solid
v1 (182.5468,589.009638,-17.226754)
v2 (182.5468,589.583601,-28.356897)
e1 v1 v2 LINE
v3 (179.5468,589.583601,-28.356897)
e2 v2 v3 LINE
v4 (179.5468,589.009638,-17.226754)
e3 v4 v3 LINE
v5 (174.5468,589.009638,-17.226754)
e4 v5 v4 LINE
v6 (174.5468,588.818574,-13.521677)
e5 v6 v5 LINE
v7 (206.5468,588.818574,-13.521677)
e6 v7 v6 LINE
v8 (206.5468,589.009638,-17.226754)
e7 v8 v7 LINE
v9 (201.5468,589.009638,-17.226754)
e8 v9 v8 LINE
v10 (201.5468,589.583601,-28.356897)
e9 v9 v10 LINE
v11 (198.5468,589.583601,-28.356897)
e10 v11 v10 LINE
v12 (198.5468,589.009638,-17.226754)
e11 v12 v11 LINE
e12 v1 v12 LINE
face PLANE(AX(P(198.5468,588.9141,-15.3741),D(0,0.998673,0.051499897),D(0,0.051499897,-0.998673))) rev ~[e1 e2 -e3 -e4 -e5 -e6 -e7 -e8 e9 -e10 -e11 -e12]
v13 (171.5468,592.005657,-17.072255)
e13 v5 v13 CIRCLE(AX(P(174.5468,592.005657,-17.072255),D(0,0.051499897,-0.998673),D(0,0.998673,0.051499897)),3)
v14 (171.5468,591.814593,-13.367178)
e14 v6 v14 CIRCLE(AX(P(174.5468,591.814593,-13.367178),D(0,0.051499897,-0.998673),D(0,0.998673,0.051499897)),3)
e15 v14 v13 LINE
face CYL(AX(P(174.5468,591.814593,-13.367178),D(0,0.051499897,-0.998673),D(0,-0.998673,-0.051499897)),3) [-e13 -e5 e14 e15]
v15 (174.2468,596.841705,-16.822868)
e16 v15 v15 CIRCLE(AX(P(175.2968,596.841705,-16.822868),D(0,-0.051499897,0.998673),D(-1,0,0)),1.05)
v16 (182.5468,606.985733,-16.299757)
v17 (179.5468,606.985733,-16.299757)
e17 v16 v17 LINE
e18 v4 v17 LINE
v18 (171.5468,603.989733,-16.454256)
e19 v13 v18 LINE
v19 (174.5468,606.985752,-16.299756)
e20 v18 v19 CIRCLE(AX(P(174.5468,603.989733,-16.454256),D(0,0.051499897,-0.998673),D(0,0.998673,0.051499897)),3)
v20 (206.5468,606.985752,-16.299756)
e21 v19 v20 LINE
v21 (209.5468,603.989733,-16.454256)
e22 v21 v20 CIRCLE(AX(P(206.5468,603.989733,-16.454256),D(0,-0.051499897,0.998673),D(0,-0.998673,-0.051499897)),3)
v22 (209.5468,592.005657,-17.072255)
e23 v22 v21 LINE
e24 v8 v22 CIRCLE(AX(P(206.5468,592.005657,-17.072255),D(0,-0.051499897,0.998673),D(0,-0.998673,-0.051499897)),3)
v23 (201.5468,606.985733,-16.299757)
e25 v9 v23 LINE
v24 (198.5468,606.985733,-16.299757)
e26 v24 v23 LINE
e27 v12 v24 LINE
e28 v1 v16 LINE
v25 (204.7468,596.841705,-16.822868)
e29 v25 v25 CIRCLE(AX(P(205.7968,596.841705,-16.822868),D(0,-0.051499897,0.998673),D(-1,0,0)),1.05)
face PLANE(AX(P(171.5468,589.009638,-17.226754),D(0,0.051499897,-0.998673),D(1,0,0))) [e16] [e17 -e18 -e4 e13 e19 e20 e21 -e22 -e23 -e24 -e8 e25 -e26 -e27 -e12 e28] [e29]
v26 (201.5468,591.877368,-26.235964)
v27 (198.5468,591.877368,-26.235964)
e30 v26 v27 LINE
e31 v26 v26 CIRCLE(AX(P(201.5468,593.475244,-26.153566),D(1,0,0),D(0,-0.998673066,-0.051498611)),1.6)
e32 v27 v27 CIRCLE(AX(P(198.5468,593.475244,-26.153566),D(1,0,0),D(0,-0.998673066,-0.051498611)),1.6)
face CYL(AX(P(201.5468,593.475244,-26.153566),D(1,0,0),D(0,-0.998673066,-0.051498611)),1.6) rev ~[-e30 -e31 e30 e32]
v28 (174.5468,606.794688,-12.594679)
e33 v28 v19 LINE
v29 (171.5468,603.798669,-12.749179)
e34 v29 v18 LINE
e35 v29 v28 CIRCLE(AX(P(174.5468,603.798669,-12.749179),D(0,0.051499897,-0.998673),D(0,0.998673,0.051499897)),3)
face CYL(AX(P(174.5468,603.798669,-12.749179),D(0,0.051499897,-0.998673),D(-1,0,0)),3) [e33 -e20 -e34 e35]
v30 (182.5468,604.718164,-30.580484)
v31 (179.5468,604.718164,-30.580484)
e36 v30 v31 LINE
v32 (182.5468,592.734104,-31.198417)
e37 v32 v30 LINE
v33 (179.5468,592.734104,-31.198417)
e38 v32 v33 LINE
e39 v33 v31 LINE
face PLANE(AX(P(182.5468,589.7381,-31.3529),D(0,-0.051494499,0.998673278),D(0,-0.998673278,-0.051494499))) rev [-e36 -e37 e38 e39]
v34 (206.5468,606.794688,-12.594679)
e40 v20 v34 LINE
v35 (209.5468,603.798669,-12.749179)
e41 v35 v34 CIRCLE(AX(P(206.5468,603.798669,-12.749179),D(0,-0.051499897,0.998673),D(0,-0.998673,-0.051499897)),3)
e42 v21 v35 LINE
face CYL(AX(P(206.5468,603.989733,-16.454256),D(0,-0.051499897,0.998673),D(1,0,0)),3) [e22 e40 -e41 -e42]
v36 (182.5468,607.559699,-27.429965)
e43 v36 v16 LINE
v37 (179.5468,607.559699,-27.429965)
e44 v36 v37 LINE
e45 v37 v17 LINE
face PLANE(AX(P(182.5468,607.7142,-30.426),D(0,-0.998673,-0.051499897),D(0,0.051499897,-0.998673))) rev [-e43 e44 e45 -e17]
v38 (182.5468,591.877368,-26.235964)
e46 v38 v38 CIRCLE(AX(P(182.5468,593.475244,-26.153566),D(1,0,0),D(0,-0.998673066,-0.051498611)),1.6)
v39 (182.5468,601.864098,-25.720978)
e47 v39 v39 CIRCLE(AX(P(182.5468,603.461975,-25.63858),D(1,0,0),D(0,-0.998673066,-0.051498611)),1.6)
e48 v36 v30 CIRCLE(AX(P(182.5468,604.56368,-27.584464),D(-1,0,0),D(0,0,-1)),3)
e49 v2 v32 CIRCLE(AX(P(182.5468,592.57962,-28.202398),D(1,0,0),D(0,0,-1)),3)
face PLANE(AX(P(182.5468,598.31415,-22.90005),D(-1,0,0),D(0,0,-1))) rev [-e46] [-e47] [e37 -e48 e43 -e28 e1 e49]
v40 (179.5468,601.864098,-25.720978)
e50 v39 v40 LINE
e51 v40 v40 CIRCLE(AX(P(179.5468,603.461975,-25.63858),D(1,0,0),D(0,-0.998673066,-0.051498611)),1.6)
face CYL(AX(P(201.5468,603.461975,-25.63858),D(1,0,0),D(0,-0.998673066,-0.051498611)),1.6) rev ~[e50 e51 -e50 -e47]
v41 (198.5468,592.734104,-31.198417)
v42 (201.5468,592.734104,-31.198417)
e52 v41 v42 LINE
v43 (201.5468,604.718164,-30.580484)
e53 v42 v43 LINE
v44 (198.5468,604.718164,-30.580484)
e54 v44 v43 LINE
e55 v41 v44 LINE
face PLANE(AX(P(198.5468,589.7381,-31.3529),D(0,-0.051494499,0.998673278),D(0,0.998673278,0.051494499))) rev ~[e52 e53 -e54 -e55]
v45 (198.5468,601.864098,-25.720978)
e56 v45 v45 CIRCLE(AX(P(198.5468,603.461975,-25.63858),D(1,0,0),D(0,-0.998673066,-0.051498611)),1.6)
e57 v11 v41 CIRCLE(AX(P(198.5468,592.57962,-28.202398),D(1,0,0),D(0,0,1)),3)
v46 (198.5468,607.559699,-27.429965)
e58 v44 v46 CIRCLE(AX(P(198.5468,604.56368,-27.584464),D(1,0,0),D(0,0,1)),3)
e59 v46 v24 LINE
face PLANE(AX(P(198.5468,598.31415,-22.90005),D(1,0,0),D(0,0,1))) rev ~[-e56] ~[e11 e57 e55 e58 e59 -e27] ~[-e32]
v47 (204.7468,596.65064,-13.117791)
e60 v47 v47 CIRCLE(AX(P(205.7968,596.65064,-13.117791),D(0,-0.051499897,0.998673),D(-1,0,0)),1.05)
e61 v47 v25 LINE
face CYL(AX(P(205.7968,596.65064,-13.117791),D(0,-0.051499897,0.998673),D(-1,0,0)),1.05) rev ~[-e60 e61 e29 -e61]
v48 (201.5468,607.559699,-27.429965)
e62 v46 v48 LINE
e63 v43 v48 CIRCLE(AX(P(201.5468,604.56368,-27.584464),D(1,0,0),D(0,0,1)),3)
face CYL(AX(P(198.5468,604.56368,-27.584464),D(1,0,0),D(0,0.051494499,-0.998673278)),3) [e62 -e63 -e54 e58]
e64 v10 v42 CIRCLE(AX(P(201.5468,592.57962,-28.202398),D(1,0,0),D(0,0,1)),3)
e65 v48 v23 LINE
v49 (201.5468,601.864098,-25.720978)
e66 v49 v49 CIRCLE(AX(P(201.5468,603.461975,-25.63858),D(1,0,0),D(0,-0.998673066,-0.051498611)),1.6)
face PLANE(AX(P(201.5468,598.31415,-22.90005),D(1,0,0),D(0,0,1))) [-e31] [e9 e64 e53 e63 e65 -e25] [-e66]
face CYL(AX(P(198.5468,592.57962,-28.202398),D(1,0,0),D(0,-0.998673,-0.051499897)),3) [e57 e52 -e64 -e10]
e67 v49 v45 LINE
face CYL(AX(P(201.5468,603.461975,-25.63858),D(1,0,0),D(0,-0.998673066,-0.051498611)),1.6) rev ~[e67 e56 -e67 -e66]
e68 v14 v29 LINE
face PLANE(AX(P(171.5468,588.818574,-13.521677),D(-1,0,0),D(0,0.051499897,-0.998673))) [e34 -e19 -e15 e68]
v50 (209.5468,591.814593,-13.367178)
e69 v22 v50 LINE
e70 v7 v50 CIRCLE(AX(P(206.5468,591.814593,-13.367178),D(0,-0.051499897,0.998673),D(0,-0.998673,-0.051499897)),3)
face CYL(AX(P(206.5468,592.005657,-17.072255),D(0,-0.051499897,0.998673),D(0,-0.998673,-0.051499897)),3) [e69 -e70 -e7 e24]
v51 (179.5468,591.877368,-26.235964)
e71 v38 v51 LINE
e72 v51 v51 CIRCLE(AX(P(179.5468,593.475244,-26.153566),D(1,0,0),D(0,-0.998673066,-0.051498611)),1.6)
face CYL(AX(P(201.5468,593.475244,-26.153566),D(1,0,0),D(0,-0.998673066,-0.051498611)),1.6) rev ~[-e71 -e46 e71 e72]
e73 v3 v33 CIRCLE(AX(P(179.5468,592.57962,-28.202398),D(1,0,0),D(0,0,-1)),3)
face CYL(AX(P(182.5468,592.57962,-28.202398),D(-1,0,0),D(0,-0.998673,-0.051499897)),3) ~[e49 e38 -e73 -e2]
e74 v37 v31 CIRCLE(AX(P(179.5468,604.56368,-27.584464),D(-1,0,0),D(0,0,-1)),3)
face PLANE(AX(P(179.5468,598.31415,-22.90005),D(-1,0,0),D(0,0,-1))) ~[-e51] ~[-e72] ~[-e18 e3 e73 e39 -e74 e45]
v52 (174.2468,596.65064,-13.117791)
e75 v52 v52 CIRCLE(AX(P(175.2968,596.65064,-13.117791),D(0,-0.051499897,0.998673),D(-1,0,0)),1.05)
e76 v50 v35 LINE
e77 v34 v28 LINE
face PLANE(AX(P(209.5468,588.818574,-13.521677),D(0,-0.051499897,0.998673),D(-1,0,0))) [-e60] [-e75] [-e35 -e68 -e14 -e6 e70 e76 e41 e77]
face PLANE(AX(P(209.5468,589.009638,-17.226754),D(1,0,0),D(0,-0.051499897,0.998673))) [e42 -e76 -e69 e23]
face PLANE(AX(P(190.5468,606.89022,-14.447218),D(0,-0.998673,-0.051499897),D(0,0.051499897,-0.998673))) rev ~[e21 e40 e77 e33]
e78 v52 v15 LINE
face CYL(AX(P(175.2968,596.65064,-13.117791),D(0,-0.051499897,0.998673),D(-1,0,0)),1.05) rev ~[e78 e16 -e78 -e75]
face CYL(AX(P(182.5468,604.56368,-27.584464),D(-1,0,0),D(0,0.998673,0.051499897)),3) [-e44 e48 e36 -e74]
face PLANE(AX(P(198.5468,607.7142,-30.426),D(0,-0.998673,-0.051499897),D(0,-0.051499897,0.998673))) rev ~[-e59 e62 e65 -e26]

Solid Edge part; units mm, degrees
sketch "Sketch1" plane through (198.5468, 0, 0) normal (1, 0, 0) x (0, 1, 0)
  line L0 (588.9141, -15.3741) -> (589.7381, -31.3529)
  line L1 (589.7381, -31.3529) -> (607.7142, -30.426)
  line L2 (607.7142, -30.426) -> (606.8902, -14.4472)
  line L3 (606.8902, -14.4472) -> (588.9141, -15.3741)
extrude "Protrusion1" add sketch "Sketch1" along normal blind 3
mirror "Mirror1" about plane through (190.5468, 0, 0) normal (1, 0, 0) of "Protrusion1"
sketch "Sketch2" plane through (200.0468, 589.3261, -23.3635) normal (0, -0.9987, -0.0515) x (0, 0.0515, -0.9987)
  line L0 (-9.8549, 9.5) -> (-9.8549, -28.5)
  line L1 (-9.8549, -28.5) -> (-6.1449, -28.5)
  line L2 (-6.1449, -28.5) -> (-6.1449, 9.5)
  line L3 (-6.1449, 9.5) -> (-9.8549, 9.5)
extrude "Protrusion2" add sketch "Sketch2" against normal up to vertex (18 mm away)
fillet "Round_2" radius 3 8 edges at (209.5468, 588.9141, -15.3741) (209.5468, 606.8902, -14.4472) (200.0468, 589.7381, -31.3529) (200.0468, 607.7142, -30.426) (181.0468, 589.7381, -31.3529) (171.5468, 588.9141, -15.3741) (181.0468, 607.7142, -30.426) (171.5468, 606.8902, -14.4472)
sketch "Sketch3" plane through (190.5468, 597.8066, -13.0581) normal (0, -0.0515, 0.9987) x (-1, 0, 0)
  circle A0 centre (-15.25, 1.1575) radius 1.05
  circle A1 centre (15.25, 1.1575) radius 1.05
  dimension "D1" = 2.1
  dimension "D2" = 2.1
  dimension "D3" = 30.5
  dimension "D4" = 3.75
  dimension "D5" = 7.8425
extrude "Cutout1" cut sketch "Sketch3" against normal up to next
sketch "Sketch4" plane through (201.5468, 598.2866, -23.751) normal (1, 0, 0) x (0, -0.9987, -0.0515)
  circle A0 centre (4.9287, 2.1516) radius 1.6
  circle A1 centre (-5.0713, 2.1516) radius 1.6
  dimension "D1" = 3.2
  dimension "D2" = 3.2
  dimension "D3" = 5
  dimension "D4" = 10
extrude "Cutout2" cut sketch "Sketch4" against normal through all
properties material "ABS 40% Infill"
